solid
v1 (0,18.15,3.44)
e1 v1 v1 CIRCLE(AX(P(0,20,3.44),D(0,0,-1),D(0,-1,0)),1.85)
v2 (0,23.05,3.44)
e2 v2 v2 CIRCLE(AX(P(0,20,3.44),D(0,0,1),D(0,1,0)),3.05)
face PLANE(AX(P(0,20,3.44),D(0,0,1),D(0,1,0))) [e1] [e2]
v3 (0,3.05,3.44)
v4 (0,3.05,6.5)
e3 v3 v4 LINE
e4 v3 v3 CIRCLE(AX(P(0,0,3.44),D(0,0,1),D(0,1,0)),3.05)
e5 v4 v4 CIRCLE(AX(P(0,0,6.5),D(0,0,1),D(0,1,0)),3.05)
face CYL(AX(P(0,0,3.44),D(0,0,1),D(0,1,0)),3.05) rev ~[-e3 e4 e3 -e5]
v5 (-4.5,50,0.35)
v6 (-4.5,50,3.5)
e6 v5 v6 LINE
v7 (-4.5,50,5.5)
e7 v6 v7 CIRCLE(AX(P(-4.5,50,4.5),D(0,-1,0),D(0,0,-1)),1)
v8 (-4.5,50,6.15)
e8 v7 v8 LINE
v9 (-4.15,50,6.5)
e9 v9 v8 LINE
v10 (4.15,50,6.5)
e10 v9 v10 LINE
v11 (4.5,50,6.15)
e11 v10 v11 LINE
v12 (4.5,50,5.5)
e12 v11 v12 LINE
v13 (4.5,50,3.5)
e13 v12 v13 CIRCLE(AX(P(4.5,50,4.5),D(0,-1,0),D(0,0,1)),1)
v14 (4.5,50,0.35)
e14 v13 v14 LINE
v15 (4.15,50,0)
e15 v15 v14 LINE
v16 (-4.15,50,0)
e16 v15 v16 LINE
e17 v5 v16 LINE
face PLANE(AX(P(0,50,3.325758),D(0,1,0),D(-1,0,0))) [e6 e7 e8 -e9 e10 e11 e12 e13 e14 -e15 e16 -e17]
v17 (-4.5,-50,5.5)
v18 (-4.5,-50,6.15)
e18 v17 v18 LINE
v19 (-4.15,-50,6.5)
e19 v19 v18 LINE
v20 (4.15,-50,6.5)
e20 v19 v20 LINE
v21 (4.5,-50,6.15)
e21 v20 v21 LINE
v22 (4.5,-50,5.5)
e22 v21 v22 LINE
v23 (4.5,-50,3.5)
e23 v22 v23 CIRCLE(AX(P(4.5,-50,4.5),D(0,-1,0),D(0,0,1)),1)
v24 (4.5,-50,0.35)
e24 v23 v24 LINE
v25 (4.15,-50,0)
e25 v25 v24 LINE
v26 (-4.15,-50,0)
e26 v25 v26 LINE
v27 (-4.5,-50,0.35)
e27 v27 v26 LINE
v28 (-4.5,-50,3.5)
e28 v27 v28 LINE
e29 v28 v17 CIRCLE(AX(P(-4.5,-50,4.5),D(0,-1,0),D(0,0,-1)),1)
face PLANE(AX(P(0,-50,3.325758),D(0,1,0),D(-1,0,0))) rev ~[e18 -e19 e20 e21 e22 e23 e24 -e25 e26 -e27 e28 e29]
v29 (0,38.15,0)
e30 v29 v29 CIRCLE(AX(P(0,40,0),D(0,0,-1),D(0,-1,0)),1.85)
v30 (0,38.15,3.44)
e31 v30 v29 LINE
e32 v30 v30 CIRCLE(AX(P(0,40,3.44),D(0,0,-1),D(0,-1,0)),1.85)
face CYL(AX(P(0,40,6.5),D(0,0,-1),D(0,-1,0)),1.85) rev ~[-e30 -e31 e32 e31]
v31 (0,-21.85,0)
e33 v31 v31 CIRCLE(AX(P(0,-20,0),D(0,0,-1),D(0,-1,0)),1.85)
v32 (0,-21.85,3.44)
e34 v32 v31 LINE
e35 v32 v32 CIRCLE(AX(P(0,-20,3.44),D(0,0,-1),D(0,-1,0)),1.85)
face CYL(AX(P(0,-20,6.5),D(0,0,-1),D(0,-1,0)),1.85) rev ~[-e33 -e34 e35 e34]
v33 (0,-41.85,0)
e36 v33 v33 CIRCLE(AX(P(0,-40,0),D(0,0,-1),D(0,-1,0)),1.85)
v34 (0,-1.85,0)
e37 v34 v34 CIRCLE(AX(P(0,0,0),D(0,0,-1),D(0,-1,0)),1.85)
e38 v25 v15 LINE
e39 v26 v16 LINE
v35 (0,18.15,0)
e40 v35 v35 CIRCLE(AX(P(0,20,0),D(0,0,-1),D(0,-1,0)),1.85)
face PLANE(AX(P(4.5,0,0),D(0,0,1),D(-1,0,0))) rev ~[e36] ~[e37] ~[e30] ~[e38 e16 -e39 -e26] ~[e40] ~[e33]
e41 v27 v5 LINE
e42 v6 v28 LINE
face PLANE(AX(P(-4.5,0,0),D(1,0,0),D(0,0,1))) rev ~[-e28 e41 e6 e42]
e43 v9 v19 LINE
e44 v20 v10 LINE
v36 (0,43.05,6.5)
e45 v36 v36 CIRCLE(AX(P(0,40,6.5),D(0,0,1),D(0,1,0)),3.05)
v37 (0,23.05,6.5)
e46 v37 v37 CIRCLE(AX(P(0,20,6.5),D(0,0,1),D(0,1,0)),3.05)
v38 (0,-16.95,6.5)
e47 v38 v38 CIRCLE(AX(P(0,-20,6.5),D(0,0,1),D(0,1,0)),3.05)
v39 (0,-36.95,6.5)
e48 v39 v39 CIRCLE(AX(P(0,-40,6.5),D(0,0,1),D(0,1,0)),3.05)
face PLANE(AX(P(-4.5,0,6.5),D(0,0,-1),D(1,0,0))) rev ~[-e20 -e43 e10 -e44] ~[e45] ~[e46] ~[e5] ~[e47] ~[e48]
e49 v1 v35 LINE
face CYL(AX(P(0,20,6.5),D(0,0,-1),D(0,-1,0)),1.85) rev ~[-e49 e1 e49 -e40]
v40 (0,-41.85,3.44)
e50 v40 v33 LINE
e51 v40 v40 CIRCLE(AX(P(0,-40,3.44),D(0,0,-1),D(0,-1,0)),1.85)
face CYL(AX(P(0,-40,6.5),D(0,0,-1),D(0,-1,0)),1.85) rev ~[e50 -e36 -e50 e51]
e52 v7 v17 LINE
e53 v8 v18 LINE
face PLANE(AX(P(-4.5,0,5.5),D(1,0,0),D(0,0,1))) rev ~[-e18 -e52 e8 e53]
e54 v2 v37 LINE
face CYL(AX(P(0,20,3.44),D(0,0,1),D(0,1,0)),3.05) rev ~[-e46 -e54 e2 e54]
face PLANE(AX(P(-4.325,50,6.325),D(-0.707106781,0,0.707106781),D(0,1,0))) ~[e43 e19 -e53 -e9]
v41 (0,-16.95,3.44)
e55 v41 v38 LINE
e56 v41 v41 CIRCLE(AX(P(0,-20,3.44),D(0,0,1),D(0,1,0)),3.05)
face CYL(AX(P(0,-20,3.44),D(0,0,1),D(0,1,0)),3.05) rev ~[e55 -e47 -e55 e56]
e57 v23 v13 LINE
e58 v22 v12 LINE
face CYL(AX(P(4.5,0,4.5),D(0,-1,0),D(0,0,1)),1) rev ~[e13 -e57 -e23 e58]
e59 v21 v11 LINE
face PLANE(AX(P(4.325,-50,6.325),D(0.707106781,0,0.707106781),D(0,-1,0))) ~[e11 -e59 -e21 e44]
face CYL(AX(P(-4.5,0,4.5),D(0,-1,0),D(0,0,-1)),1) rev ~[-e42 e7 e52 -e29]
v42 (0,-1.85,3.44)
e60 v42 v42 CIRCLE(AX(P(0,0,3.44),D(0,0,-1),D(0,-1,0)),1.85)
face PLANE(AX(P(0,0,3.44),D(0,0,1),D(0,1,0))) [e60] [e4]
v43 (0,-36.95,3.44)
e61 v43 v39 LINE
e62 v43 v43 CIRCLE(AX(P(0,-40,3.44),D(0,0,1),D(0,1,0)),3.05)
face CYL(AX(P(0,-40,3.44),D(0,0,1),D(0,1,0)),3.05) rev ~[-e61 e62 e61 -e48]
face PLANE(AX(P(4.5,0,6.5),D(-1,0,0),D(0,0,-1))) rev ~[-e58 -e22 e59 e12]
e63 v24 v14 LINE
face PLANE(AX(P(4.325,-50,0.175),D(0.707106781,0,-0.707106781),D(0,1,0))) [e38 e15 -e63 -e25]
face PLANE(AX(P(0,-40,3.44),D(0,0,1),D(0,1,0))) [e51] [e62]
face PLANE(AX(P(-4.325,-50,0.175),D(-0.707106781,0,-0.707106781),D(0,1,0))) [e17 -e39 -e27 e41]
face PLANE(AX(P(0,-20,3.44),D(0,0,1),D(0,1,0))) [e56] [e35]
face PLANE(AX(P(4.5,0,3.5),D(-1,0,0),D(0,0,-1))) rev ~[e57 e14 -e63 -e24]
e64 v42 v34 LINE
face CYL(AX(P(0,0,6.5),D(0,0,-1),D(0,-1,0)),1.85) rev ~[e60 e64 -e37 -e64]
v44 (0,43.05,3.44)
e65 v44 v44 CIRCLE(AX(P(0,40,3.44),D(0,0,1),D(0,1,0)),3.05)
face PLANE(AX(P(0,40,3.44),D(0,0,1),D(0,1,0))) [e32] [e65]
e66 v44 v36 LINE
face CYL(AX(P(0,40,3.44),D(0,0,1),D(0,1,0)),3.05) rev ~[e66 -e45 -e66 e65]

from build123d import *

# Parameters (mm, degrees)
PAD_DEPTH           = 50
CHAMFER003_SIZE     = 0.35
HOLE001_D           = 3.7
HOLE001_CBORE_D     = 6.1
HOLE001_CBORE_DEPTH = 3.06


with BuildPart() as part:
    # Sketch → Pad (new body, symmetric)
    with BuildSketch(Plane.XZ):
        with BuildLine():
            Line((-4.5, 6.5), (4.5, 6.5))
            Line((4.5, 6.5), (4.5, 5.5))
            ThreePointArc((4.5, 5.5), (3.5, 4.5), (4.5, 3.5))
            Line((4.5, 3.5), (4.5, 0))
            Line((4.5, 0), (-4.5, 0))
            Line((-4.5, 0), (-4.5, 3.5))
            ThreePointArc((-4.5, 3.5), (-3.5, 4.5), (-4.5, 5.5))
            Line((-4.5, 5.5), (-4.5, 6.5))
        make_face()
    extrude(amount=PAD_DEPTH, both=True)

    # Chamfer003
    chamfer003_edges = [part.edges().sort_by_distance(p)[0] for p in [
        (4.5, 0, 6.5),
        (4.5, 0, 0),
        (-4.5, 0, 0),
        (-4.5, 0, 6.5),
    ]]
    chamfer(chamfer003_edges, length=CHAMFER003_SIZE)

    # Hole001 (through all)
    with Locations(Plane(origin=(0, 0, 6.5), x_dir=(0, 1, 0), z_dir=(0, 0, 1))):
        with Locations((0, 0), (-20, 0), (-40, 0), (-60, 0), (-80, 0), (-100, 0), (-120, 0), (-140, 0), (-160, 0), (-180, 0), (20, 0), (40, 0), (60, 0), (80, 0), (100, 0), (120, 0), (140, 0), (160, 0), (180, 0)):
            CounterBoreHole(HOLE001_D / 2, HOLE001_CBORE_D / 2, HOLE001_CBORE_DEPTH)


solid = part.part
